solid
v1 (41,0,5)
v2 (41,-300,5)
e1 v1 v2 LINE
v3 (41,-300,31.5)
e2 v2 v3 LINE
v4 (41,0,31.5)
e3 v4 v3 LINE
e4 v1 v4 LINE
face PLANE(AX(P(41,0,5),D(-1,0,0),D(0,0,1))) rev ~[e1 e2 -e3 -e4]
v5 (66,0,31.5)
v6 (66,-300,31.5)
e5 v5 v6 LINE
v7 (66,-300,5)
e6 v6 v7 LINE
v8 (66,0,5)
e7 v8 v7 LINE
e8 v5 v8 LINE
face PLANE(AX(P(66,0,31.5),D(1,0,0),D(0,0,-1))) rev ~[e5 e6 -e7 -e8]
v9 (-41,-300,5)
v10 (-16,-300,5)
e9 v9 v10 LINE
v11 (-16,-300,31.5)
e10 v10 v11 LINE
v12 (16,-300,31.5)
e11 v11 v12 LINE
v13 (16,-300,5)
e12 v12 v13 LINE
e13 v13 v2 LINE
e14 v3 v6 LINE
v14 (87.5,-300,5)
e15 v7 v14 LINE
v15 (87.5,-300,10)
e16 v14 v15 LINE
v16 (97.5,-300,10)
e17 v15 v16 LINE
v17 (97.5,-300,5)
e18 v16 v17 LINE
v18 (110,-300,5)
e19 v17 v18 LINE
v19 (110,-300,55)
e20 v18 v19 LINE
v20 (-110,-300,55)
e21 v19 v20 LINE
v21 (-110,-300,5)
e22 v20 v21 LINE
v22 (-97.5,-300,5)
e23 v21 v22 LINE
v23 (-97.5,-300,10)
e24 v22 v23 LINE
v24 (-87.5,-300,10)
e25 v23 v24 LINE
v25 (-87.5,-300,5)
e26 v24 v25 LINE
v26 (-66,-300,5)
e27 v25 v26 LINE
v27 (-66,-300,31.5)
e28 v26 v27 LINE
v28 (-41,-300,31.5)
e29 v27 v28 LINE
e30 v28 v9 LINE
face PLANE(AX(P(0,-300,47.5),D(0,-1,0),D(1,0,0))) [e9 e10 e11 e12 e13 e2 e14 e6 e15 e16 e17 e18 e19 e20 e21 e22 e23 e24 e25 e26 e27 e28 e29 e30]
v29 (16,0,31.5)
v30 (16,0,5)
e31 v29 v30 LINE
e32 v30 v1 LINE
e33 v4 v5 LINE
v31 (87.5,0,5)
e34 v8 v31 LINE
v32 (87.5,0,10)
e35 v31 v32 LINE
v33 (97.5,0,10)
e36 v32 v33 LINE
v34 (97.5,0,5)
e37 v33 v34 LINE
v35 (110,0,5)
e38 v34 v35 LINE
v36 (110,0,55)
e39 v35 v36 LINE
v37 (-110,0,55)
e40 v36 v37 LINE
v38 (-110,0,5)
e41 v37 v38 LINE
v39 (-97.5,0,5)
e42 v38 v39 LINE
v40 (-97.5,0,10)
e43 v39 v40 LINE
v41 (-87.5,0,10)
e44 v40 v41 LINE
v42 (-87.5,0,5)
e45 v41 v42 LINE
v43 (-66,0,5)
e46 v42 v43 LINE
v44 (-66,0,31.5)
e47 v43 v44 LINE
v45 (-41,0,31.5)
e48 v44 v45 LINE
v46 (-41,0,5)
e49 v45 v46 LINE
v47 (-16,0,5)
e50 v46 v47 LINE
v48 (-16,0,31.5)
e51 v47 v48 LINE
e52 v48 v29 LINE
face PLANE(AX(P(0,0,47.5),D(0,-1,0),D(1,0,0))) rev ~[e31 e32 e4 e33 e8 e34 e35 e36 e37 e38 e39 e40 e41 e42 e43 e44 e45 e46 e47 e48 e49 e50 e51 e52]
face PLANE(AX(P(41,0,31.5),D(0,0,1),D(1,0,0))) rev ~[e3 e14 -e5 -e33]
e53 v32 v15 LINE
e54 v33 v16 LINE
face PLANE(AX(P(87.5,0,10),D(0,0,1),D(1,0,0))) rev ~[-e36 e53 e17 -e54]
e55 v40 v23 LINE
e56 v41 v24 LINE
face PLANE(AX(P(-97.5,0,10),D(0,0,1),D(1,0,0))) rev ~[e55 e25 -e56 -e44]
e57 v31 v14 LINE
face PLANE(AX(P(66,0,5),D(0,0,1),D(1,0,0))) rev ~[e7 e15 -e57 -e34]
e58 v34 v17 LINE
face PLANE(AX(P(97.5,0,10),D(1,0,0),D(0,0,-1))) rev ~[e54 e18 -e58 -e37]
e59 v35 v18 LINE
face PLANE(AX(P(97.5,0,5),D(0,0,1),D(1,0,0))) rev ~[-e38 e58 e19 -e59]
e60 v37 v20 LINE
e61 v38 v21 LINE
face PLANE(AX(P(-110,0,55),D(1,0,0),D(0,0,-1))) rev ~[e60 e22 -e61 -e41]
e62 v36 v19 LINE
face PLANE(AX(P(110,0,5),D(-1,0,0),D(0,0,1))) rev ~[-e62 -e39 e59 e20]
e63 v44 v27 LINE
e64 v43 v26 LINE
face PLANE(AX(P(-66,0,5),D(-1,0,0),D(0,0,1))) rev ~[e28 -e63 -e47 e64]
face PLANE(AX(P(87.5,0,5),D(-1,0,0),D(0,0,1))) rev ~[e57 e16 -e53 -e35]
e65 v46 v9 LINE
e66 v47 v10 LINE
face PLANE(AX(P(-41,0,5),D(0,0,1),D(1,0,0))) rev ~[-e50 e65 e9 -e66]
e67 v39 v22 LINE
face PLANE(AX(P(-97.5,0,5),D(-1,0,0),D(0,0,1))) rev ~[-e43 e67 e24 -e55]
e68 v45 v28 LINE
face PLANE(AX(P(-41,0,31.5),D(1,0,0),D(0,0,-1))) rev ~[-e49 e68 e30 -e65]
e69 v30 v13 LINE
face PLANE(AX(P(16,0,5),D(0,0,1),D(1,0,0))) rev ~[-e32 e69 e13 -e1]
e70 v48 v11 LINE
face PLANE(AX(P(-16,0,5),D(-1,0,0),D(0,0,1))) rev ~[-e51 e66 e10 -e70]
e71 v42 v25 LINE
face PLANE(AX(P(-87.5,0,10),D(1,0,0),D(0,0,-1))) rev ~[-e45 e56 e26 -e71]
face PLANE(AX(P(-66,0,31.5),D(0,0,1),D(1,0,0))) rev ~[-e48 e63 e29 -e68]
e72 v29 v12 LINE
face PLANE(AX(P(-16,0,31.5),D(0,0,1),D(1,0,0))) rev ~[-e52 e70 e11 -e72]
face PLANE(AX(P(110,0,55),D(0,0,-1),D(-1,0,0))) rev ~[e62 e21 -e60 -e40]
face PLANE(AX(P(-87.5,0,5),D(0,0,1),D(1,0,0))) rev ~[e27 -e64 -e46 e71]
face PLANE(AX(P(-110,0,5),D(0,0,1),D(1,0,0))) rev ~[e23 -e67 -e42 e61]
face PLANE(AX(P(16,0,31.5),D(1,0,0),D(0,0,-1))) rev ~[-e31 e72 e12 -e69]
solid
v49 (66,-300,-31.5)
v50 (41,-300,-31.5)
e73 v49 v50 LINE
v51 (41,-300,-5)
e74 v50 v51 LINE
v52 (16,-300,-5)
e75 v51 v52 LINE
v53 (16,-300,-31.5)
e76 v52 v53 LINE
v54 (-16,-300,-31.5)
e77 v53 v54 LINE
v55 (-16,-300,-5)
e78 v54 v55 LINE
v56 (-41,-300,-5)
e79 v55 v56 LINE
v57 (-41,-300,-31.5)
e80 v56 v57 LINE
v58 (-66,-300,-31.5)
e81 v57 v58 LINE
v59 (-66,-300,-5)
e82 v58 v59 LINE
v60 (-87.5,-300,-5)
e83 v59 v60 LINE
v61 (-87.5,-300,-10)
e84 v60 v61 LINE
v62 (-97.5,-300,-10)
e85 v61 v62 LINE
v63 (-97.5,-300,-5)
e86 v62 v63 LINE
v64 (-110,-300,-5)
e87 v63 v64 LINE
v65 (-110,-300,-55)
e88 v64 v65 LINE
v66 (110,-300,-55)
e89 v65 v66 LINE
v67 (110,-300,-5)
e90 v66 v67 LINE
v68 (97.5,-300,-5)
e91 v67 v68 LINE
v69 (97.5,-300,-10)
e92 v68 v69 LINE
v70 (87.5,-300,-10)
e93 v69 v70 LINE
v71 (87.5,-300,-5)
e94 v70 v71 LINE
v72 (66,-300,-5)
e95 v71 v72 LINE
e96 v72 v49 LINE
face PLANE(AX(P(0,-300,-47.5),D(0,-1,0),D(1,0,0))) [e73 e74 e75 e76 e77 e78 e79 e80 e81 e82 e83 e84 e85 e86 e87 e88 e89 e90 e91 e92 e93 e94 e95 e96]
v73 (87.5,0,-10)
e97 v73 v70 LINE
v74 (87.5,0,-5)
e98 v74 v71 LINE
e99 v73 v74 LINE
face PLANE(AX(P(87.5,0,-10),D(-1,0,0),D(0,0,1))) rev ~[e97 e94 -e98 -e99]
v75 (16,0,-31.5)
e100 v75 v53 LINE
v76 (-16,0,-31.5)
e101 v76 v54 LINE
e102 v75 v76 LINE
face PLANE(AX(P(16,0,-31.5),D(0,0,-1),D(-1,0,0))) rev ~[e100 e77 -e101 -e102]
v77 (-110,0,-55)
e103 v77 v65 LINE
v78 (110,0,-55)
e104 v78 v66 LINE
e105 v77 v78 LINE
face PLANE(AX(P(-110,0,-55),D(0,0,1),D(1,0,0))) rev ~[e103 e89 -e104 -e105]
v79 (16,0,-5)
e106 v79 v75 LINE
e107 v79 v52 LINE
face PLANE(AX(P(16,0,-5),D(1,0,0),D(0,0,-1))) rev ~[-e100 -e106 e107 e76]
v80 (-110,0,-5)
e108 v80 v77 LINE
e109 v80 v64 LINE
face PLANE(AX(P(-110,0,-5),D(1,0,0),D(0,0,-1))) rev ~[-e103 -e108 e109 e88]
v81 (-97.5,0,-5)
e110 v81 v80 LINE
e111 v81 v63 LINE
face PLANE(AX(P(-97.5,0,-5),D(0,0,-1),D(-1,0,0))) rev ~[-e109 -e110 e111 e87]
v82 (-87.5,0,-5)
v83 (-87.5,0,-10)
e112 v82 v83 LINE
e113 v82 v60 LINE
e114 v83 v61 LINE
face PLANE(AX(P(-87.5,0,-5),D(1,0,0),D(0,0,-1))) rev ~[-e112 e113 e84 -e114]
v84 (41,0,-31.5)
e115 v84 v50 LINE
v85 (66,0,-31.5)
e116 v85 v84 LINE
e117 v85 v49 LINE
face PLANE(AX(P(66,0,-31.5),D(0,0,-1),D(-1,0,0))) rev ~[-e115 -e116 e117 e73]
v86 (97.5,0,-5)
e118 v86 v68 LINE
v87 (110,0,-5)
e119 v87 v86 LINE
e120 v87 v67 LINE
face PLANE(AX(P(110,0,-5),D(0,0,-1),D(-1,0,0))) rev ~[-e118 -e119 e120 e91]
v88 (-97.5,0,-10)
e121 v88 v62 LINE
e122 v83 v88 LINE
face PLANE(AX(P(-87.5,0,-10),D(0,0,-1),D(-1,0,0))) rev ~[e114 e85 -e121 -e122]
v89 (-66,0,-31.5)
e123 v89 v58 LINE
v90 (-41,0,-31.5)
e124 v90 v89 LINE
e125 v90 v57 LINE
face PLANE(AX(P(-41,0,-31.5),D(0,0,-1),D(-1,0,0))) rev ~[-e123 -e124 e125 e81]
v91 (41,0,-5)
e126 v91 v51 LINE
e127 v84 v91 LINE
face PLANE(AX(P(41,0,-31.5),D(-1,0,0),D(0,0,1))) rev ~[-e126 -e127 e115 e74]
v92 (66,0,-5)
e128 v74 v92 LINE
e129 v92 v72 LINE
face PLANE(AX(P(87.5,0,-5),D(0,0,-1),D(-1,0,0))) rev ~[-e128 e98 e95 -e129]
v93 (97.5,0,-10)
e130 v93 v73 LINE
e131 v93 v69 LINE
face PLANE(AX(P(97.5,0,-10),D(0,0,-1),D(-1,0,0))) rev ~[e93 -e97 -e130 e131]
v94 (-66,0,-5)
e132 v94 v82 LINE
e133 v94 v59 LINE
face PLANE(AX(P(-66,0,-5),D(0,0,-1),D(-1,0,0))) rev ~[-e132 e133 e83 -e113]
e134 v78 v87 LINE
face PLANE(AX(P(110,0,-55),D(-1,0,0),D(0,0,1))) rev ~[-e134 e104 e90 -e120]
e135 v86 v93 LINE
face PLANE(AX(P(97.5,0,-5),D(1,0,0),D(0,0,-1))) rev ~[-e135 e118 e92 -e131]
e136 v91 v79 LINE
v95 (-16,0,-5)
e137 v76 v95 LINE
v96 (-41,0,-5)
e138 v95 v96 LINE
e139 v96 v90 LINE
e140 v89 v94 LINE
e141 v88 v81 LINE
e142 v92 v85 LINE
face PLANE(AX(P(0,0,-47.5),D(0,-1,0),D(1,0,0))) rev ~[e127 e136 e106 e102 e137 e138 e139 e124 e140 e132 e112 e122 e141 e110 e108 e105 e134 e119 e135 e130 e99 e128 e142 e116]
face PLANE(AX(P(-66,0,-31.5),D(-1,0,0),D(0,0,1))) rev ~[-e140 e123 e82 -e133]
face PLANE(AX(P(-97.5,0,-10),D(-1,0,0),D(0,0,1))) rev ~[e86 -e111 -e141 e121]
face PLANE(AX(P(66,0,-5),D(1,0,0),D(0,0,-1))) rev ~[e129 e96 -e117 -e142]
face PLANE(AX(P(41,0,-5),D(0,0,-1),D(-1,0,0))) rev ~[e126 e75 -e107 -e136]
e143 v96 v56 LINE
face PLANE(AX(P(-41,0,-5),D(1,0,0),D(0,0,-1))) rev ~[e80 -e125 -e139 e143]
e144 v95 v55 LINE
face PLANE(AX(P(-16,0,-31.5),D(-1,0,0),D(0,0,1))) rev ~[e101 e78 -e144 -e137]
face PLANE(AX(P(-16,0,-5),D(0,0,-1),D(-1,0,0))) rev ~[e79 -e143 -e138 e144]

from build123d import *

# Parameters (mm, degrees)
F1_DEPTH = 300


with BuildPart() as f1:
    # F0 (on Front) → F1 (new body)
    with BuildSketch(Plane.XZ):
        Polygon((-110, 55), (-110, 40), (0, 40), (110, 40), (110, 55), (0, 55), align=None)
        Polygon((0, -40), (-110, -40), (-110, -55), (0, -55), (110, -55), (110, -40), align=None)
        Polygon((-16, -31.5), (-16, -5), (-41, -5), (-41, -31.5), (-66, -31.5), (-66, -5), (-87.5, -5), (-87.5, -10), (-97.5, -10), (-97.5, -5), (-110, -5), (-110, -40), (0, -40), (110, -40), (110, -5), (97.5, -5), (97.5, -10), (87.5, -10), (87.5, -5), (66, -5), (66, -31.5), (41, -31.5), (41, -5), (16, -5), (16, -31.5), align=None)
        Polygon((-41, 5), (-16, 5), (-16, 31.5), (16, 31.5), (16, 5), (41, 5), (41, 31.5), (66, 31.5), (66, 5), (75, 5), (87.5, 5), (87.5, 10), (97.5, 10), (97.5, 5), (110, 5), (110, 31.5), (110, 40), (0, 40), (-110, 40), (-110, 31.5), (-110, 5), (-97.5, 5), (-97.5, 10), (-87.5, 10), (-87.5, 5), (-75, 5), (-66, 5), (-66, 31.5), (-41, 31.5), align=None)
    extrude(amount=F1_DEPTH)


solid = f1.part
